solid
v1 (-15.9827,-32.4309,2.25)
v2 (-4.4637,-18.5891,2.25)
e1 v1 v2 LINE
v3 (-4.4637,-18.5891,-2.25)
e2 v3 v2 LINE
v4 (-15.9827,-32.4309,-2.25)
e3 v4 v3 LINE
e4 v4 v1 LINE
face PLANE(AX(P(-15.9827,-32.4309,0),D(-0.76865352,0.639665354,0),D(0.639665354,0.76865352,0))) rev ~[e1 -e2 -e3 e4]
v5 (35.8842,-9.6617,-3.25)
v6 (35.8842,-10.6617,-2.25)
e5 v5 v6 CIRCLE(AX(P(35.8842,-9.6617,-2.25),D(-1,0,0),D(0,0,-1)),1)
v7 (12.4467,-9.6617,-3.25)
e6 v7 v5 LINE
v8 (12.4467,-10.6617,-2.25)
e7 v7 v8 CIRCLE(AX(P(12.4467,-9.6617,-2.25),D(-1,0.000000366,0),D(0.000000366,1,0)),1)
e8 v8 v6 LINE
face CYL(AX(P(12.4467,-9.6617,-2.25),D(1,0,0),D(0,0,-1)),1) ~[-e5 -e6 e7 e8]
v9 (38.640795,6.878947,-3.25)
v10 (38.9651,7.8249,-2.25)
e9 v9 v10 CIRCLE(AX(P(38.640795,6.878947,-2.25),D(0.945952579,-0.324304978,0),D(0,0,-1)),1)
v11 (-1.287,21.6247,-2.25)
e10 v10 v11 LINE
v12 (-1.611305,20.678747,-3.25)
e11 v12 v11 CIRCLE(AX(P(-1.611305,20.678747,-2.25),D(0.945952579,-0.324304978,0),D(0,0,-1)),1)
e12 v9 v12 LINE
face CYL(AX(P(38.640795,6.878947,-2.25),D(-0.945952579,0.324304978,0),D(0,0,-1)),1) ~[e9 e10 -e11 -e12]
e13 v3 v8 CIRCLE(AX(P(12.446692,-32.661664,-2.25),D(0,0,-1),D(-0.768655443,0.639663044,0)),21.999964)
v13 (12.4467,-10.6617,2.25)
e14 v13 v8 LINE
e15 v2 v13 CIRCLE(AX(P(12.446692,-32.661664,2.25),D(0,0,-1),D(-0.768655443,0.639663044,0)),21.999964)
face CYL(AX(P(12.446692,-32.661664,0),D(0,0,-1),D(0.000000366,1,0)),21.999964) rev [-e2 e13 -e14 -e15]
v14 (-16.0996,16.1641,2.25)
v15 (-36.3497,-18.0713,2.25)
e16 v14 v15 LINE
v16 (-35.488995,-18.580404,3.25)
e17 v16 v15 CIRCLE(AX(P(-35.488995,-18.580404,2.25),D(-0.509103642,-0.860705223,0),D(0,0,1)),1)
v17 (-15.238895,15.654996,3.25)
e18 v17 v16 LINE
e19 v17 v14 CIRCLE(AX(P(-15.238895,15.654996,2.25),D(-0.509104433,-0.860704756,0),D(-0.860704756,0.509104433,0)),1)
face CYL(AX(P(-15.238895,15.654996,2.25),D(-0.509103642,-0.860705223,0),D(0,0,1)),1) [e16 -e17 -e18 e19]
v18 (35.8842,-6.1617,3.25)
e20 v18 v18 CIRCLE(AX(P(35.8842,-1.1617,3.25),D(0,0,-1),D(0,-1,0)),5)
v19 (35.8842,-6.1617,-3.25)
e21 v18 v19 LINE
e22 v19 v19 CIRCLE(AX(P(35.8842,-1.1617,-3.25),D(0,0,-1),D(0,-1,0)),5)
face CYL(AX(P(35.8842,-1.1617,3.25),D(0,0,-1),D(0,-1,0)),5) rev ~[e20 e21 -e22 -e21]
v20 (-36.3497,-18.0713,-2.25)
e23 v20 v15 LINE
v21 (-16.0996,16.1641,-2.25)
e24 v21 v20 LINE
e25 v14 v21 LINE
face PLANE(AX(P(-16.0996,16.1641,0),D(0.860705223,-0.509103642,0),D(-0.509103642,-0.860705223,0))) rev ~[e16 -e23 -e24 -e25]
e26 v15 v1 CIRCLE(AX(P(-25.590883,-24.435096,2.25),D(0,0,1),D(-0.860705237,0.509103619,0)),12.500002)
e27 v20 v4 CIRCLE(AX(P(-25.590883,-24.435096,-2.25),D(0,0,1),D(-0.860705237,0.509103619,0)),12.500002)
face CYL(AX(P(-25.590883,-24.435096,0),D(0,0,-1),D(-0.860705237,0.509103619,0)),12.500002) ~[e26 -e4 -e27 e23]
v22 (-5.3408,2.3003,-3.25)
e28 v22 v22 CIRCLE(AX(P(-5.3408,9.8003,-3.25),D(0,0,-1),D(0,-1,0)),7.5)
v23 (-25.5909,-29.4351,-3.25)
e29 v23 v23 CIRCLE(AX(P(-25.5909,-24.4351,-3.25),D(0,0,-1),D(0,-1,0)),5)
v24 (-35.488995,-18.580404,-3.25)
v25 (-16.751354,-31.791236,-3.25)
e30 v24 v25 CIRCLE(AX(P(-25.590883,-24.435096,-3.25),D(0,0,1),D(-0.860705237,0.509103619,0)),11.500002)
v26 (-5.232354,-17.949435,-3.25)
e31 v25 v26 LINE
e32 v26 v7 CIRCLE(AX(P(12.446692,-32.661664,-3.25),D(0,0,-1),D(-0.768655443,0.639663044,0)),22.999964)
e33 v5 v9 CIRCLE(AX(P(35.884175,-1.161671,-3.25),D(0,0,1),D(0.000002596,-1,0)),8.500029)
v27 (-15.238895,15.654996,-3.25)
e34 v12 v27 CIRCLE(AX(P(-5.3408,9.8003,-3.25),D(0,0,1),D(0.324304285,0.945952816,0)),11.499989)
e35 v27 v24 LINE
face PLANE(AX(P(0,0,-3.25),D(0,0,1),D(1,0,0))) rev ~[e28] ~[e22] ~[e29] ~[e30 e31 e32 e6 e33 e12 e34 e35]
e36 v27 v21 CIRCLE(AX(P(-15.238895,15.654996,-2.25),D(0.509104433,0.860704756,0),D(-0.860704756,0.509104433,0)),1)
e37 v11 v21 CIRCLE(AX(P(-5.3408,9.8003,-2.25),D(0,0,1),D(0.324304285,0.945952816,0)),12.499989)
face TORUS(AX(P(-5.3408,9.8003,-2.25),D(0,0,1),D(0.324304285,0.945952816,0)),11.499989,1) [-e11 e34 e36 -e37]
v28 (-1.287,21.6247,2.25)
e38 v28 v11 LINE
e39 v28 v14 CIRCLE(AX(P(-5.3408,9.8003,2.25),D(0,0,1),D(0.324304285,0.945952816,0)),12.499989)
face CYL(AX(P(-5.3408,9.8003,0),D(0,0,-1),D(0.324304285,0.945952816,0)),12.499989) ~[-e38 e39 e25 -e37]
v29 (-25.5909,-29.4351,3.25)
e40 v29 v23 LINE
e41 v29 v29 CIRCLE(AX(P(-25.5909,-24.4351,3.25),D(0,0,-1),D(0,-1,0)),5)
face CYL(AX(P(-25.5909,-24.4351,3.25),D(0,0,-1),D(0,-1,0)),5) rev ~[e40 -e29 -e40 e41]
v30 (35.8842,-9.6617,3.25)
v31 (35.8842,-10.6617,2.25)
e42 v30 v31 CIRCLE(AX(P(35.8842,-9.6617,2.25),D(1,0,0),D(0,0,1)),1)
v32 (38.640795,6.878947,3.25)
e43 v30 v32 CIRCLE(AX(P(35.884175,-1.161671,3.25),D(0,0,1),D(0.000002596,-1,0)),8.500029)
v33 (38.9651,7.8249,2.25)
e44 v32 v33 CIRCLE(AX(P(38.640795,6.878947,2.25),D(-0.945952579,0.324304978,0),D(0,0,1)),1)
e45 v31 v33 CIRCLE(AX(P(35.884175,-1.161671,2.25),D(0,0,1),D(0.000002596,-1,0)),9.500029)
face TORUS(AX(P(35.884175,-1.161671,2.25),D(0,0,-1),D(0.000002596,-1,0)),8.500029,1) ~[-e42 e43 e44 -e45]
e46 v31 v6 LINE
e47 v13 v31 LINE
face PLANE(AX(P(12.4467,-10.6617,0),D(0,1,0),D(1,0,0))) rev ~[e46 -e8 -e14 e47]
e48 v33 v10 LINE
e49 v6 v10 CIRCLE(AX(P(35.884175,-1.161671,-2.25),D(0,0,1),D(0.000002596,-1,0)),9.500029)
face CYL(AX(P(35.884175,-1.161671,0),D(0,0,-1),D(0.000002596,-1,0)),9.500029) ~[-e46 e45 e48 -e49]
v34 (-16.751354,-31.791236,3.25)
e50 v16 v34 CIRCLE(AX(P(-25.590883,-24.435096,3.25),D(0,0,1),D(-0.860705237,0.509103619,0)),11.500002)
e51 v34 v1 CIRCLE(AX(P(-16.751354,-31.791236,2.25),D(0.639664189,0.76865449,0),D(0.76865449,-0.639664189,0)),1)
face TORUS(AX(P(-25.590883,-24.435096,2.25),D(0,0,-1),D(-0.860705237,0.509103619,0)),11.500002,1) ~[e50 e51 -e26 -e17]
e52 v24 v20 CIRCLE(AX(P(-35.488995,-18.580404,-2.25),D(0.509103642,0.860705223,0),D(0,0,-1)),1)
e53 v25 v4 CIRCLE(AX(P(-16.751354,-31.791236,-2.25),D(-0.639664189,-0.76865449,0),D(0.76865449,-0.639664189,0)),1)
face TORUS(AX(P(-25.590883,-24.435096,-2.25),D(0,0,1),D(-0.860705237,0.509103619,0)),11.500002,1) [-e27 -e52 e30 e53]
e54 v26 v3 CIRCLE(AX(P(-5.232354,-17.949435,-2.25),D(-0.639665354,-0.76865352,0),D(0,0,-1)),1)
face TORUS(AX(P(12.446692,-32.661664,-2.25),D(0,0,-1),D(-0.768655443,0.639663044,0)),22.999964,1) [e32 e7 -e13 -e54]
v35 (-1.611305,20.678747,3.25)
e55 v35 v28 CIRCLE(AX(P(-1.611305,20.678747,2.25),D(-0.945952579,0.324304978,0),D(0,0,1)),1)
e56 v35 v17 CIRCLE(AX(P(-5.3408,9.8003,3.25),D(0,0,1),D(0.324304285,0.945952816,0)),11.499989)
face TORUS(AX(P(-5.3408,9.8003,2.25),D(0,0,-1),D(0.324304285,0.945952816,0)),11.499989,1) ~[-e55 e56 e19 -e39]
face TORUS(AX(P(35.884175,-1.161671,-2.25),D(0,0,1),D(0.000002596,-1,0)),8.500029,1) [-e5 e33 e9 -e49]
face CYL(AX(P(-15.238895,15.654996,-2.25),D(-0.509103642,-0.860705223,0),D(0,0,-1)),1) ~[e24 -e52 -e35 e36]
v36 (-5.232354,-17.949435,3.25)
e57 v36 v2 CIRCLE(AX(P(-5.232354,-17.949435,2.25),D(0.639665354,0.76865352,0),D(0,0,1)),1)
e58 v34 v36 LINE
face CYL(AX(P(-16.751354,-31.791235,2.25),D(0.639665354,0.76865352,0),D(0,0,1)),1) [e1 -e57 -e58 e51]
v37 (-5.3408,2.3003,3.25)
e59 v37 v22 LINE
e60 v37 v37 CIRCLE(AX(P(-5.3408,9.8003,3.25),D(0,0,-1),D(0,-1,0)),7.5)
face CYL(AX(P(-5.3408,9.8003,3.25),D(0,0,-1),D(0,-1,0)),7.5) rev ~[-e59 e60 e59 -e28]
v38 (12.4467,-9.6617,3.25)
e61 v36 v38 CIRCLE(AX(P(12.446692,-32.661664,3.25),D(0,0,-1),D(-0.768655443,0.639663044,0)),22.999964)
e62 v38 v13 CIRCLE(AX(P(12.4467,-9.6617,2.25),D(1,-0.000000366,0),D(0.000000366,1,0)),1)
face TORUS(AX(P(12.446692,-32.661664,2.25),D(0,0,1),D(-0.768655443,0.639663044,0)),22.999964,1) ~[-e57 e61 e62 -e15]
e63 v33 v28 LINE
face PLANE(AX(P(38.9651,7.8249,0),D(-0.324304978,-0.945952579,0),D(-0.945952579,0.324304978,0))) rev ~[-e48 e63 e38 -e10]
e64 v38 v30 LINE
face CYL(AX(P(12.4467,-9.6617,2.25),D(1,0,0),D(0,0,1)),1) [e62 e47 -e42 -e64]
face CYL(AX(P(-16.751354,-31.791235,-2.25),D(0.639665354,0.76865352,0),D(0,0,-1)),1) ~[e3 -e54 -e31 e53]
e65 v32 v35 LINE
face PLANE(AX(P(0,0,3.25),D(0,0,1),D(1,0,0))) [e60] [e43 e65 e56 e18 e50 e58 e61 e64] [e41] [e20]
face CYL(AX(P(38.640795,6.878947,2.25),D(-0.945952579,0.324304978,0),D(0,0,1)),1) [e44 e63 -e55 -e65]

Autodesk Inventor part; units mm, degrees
ref_plane "YZ Plane" through (0, 0, 0) normal (1, 0, 0) x (0, 1, 0)
ref_plane "XZ Plane" through (0, 0, 0) normal (0, 1, 0) x (-1, 0, 0)
ref_plane "XY Plane" through (0, 0, 0) normal (0, 0, 1) x (1, 0, 0)
sketch "Sketch1" plane through (0, 0, 0) normal (0, 0, 1) x (1, 0, 0)
  arc A0 (-36.3497, -18.0713) -> (-15.9827, -32.4309) centre (-25.5909, -24.4351) ccw
  arc A1 (35.8842, -10.6617) -> (38.9651, 7.8249) centre (35.8842, -1.1617) ccw
  arc A2 (-1.287, 21.6247) -> (-16.0996, 16.1641) centre (-5.3408, 9.8003) ccw
  arc A3 (12.4467, -10.6617) -> (-4.4637, -18.5891) centre (12.4467, -32.6617) ccw
  line L0 (-15.9827, -32.4309) -> (-4.4637, -18.5891)
  line L1 (12.4467, -10.6617) -> (35.8842, -10.6617)
  line L2 (38.9651, 7.8249) -> (-1.287, 21.6247)
  line L3 (-16.0996, 16.1641) -> (-36.3497, -18.0713)
  dimension "d0" = 12.5
  dimension "d1" = 9.5
  dimension "d2" = 12.5
  dimension "d3" = 22
extrude "Extrusion1" add sketch "Sketch1" along normal mid plane 6.5
sketch "Sketch2" plane through (0, 0, 3.25) normal (0, 0, 1) x (1, 0, 0)
  arc A0 (-36.3497, -18.0713) -> (-15.9827, -32.4309) centre (-25.5909, -24.4351) ccw projected
  arc A1 (-1.287, 21.6247) -> (-16.0996, 16.1641) centre (-5.3408, 9.8003) ccw projected
  arc A2 (35.8842, -10.6617) -> (38.9651, 7.8249) centre (35.8842, -1.1617) ccw projected
  line L0 (-36.3497, -18.0713) -> (-16.0996, 16.1641) projected
  line L1 (-4.4637, -18.5891) -> (-15.9827, -32.4309) projected
  arc A3 (12.4467, -10.6617) -> (-4.4637, -18.5891) centre (12.4467, -32.6617) ccw projected
  line L2 (35.8842, -10.6617) -> (12.4467, -10.6617) projected
  line L3 (-1.287, 21.6247) -> (38.9651, 7.8249) projected
hole "Hole1" at (-25.5909, -24.4351, 3.25) direction (0, 0, -1) diameter 10 end through all
sketch "Sketch3" plane through (0, 0, 3.25) normal (0, 0, 1) x (1, 0, 0)
  arc A0 (-1.287, 21.6247) -> (-16.0996, 16.1641) centre (-5.3408, 9.8003) ccw projected
hole "Hole2" at (-5.3408, 9.8003, 3.25) direction (0, 0, -1) diameter 15 end through all
sketch "Sketch4" plane through (0, 0, 3.25) normal (0, 0, 1) x (1, 0, 0)
  arc A0 (35.8842, -10.6617) -> (38.9651, 7.8249) centre (35.8842, -1.1617) ccw projected
hole "Hole3" at (35.8842, -1.1617, 3.25) direction (0, 0, -1) diameter 10 end through all
fillet "Fillet1" radius 1 16 edges at (18.8391, 14.7248, 3.25) (45.2549, -2.7234, 3.25) (24.1654, -10.6617, 3.25) (3.1086, -12.7419, 3.25) (-10.2232, -25.51, 3.25) (-32.7937, -34.6512, 3.25) (-26.2246, -0.9536, 3.25) (-9.6644, 21.5287, 3.25) (18.8391, 14.7248, -3.25) (-9.6644, 21.5287, -3.25) (-26.2246, -0.9536, -3.25) (-32.7937, -34.6512, -3.25) (-10.2232, -25.51, -3.25) (3.1086, -12.7419, -3.25) (24.1654, -10.6617, -3.25) (45.2549, -2.7234, -3.25)
properties part number "Bracket - Optimization - Copy" material "Aluminum 6061"
